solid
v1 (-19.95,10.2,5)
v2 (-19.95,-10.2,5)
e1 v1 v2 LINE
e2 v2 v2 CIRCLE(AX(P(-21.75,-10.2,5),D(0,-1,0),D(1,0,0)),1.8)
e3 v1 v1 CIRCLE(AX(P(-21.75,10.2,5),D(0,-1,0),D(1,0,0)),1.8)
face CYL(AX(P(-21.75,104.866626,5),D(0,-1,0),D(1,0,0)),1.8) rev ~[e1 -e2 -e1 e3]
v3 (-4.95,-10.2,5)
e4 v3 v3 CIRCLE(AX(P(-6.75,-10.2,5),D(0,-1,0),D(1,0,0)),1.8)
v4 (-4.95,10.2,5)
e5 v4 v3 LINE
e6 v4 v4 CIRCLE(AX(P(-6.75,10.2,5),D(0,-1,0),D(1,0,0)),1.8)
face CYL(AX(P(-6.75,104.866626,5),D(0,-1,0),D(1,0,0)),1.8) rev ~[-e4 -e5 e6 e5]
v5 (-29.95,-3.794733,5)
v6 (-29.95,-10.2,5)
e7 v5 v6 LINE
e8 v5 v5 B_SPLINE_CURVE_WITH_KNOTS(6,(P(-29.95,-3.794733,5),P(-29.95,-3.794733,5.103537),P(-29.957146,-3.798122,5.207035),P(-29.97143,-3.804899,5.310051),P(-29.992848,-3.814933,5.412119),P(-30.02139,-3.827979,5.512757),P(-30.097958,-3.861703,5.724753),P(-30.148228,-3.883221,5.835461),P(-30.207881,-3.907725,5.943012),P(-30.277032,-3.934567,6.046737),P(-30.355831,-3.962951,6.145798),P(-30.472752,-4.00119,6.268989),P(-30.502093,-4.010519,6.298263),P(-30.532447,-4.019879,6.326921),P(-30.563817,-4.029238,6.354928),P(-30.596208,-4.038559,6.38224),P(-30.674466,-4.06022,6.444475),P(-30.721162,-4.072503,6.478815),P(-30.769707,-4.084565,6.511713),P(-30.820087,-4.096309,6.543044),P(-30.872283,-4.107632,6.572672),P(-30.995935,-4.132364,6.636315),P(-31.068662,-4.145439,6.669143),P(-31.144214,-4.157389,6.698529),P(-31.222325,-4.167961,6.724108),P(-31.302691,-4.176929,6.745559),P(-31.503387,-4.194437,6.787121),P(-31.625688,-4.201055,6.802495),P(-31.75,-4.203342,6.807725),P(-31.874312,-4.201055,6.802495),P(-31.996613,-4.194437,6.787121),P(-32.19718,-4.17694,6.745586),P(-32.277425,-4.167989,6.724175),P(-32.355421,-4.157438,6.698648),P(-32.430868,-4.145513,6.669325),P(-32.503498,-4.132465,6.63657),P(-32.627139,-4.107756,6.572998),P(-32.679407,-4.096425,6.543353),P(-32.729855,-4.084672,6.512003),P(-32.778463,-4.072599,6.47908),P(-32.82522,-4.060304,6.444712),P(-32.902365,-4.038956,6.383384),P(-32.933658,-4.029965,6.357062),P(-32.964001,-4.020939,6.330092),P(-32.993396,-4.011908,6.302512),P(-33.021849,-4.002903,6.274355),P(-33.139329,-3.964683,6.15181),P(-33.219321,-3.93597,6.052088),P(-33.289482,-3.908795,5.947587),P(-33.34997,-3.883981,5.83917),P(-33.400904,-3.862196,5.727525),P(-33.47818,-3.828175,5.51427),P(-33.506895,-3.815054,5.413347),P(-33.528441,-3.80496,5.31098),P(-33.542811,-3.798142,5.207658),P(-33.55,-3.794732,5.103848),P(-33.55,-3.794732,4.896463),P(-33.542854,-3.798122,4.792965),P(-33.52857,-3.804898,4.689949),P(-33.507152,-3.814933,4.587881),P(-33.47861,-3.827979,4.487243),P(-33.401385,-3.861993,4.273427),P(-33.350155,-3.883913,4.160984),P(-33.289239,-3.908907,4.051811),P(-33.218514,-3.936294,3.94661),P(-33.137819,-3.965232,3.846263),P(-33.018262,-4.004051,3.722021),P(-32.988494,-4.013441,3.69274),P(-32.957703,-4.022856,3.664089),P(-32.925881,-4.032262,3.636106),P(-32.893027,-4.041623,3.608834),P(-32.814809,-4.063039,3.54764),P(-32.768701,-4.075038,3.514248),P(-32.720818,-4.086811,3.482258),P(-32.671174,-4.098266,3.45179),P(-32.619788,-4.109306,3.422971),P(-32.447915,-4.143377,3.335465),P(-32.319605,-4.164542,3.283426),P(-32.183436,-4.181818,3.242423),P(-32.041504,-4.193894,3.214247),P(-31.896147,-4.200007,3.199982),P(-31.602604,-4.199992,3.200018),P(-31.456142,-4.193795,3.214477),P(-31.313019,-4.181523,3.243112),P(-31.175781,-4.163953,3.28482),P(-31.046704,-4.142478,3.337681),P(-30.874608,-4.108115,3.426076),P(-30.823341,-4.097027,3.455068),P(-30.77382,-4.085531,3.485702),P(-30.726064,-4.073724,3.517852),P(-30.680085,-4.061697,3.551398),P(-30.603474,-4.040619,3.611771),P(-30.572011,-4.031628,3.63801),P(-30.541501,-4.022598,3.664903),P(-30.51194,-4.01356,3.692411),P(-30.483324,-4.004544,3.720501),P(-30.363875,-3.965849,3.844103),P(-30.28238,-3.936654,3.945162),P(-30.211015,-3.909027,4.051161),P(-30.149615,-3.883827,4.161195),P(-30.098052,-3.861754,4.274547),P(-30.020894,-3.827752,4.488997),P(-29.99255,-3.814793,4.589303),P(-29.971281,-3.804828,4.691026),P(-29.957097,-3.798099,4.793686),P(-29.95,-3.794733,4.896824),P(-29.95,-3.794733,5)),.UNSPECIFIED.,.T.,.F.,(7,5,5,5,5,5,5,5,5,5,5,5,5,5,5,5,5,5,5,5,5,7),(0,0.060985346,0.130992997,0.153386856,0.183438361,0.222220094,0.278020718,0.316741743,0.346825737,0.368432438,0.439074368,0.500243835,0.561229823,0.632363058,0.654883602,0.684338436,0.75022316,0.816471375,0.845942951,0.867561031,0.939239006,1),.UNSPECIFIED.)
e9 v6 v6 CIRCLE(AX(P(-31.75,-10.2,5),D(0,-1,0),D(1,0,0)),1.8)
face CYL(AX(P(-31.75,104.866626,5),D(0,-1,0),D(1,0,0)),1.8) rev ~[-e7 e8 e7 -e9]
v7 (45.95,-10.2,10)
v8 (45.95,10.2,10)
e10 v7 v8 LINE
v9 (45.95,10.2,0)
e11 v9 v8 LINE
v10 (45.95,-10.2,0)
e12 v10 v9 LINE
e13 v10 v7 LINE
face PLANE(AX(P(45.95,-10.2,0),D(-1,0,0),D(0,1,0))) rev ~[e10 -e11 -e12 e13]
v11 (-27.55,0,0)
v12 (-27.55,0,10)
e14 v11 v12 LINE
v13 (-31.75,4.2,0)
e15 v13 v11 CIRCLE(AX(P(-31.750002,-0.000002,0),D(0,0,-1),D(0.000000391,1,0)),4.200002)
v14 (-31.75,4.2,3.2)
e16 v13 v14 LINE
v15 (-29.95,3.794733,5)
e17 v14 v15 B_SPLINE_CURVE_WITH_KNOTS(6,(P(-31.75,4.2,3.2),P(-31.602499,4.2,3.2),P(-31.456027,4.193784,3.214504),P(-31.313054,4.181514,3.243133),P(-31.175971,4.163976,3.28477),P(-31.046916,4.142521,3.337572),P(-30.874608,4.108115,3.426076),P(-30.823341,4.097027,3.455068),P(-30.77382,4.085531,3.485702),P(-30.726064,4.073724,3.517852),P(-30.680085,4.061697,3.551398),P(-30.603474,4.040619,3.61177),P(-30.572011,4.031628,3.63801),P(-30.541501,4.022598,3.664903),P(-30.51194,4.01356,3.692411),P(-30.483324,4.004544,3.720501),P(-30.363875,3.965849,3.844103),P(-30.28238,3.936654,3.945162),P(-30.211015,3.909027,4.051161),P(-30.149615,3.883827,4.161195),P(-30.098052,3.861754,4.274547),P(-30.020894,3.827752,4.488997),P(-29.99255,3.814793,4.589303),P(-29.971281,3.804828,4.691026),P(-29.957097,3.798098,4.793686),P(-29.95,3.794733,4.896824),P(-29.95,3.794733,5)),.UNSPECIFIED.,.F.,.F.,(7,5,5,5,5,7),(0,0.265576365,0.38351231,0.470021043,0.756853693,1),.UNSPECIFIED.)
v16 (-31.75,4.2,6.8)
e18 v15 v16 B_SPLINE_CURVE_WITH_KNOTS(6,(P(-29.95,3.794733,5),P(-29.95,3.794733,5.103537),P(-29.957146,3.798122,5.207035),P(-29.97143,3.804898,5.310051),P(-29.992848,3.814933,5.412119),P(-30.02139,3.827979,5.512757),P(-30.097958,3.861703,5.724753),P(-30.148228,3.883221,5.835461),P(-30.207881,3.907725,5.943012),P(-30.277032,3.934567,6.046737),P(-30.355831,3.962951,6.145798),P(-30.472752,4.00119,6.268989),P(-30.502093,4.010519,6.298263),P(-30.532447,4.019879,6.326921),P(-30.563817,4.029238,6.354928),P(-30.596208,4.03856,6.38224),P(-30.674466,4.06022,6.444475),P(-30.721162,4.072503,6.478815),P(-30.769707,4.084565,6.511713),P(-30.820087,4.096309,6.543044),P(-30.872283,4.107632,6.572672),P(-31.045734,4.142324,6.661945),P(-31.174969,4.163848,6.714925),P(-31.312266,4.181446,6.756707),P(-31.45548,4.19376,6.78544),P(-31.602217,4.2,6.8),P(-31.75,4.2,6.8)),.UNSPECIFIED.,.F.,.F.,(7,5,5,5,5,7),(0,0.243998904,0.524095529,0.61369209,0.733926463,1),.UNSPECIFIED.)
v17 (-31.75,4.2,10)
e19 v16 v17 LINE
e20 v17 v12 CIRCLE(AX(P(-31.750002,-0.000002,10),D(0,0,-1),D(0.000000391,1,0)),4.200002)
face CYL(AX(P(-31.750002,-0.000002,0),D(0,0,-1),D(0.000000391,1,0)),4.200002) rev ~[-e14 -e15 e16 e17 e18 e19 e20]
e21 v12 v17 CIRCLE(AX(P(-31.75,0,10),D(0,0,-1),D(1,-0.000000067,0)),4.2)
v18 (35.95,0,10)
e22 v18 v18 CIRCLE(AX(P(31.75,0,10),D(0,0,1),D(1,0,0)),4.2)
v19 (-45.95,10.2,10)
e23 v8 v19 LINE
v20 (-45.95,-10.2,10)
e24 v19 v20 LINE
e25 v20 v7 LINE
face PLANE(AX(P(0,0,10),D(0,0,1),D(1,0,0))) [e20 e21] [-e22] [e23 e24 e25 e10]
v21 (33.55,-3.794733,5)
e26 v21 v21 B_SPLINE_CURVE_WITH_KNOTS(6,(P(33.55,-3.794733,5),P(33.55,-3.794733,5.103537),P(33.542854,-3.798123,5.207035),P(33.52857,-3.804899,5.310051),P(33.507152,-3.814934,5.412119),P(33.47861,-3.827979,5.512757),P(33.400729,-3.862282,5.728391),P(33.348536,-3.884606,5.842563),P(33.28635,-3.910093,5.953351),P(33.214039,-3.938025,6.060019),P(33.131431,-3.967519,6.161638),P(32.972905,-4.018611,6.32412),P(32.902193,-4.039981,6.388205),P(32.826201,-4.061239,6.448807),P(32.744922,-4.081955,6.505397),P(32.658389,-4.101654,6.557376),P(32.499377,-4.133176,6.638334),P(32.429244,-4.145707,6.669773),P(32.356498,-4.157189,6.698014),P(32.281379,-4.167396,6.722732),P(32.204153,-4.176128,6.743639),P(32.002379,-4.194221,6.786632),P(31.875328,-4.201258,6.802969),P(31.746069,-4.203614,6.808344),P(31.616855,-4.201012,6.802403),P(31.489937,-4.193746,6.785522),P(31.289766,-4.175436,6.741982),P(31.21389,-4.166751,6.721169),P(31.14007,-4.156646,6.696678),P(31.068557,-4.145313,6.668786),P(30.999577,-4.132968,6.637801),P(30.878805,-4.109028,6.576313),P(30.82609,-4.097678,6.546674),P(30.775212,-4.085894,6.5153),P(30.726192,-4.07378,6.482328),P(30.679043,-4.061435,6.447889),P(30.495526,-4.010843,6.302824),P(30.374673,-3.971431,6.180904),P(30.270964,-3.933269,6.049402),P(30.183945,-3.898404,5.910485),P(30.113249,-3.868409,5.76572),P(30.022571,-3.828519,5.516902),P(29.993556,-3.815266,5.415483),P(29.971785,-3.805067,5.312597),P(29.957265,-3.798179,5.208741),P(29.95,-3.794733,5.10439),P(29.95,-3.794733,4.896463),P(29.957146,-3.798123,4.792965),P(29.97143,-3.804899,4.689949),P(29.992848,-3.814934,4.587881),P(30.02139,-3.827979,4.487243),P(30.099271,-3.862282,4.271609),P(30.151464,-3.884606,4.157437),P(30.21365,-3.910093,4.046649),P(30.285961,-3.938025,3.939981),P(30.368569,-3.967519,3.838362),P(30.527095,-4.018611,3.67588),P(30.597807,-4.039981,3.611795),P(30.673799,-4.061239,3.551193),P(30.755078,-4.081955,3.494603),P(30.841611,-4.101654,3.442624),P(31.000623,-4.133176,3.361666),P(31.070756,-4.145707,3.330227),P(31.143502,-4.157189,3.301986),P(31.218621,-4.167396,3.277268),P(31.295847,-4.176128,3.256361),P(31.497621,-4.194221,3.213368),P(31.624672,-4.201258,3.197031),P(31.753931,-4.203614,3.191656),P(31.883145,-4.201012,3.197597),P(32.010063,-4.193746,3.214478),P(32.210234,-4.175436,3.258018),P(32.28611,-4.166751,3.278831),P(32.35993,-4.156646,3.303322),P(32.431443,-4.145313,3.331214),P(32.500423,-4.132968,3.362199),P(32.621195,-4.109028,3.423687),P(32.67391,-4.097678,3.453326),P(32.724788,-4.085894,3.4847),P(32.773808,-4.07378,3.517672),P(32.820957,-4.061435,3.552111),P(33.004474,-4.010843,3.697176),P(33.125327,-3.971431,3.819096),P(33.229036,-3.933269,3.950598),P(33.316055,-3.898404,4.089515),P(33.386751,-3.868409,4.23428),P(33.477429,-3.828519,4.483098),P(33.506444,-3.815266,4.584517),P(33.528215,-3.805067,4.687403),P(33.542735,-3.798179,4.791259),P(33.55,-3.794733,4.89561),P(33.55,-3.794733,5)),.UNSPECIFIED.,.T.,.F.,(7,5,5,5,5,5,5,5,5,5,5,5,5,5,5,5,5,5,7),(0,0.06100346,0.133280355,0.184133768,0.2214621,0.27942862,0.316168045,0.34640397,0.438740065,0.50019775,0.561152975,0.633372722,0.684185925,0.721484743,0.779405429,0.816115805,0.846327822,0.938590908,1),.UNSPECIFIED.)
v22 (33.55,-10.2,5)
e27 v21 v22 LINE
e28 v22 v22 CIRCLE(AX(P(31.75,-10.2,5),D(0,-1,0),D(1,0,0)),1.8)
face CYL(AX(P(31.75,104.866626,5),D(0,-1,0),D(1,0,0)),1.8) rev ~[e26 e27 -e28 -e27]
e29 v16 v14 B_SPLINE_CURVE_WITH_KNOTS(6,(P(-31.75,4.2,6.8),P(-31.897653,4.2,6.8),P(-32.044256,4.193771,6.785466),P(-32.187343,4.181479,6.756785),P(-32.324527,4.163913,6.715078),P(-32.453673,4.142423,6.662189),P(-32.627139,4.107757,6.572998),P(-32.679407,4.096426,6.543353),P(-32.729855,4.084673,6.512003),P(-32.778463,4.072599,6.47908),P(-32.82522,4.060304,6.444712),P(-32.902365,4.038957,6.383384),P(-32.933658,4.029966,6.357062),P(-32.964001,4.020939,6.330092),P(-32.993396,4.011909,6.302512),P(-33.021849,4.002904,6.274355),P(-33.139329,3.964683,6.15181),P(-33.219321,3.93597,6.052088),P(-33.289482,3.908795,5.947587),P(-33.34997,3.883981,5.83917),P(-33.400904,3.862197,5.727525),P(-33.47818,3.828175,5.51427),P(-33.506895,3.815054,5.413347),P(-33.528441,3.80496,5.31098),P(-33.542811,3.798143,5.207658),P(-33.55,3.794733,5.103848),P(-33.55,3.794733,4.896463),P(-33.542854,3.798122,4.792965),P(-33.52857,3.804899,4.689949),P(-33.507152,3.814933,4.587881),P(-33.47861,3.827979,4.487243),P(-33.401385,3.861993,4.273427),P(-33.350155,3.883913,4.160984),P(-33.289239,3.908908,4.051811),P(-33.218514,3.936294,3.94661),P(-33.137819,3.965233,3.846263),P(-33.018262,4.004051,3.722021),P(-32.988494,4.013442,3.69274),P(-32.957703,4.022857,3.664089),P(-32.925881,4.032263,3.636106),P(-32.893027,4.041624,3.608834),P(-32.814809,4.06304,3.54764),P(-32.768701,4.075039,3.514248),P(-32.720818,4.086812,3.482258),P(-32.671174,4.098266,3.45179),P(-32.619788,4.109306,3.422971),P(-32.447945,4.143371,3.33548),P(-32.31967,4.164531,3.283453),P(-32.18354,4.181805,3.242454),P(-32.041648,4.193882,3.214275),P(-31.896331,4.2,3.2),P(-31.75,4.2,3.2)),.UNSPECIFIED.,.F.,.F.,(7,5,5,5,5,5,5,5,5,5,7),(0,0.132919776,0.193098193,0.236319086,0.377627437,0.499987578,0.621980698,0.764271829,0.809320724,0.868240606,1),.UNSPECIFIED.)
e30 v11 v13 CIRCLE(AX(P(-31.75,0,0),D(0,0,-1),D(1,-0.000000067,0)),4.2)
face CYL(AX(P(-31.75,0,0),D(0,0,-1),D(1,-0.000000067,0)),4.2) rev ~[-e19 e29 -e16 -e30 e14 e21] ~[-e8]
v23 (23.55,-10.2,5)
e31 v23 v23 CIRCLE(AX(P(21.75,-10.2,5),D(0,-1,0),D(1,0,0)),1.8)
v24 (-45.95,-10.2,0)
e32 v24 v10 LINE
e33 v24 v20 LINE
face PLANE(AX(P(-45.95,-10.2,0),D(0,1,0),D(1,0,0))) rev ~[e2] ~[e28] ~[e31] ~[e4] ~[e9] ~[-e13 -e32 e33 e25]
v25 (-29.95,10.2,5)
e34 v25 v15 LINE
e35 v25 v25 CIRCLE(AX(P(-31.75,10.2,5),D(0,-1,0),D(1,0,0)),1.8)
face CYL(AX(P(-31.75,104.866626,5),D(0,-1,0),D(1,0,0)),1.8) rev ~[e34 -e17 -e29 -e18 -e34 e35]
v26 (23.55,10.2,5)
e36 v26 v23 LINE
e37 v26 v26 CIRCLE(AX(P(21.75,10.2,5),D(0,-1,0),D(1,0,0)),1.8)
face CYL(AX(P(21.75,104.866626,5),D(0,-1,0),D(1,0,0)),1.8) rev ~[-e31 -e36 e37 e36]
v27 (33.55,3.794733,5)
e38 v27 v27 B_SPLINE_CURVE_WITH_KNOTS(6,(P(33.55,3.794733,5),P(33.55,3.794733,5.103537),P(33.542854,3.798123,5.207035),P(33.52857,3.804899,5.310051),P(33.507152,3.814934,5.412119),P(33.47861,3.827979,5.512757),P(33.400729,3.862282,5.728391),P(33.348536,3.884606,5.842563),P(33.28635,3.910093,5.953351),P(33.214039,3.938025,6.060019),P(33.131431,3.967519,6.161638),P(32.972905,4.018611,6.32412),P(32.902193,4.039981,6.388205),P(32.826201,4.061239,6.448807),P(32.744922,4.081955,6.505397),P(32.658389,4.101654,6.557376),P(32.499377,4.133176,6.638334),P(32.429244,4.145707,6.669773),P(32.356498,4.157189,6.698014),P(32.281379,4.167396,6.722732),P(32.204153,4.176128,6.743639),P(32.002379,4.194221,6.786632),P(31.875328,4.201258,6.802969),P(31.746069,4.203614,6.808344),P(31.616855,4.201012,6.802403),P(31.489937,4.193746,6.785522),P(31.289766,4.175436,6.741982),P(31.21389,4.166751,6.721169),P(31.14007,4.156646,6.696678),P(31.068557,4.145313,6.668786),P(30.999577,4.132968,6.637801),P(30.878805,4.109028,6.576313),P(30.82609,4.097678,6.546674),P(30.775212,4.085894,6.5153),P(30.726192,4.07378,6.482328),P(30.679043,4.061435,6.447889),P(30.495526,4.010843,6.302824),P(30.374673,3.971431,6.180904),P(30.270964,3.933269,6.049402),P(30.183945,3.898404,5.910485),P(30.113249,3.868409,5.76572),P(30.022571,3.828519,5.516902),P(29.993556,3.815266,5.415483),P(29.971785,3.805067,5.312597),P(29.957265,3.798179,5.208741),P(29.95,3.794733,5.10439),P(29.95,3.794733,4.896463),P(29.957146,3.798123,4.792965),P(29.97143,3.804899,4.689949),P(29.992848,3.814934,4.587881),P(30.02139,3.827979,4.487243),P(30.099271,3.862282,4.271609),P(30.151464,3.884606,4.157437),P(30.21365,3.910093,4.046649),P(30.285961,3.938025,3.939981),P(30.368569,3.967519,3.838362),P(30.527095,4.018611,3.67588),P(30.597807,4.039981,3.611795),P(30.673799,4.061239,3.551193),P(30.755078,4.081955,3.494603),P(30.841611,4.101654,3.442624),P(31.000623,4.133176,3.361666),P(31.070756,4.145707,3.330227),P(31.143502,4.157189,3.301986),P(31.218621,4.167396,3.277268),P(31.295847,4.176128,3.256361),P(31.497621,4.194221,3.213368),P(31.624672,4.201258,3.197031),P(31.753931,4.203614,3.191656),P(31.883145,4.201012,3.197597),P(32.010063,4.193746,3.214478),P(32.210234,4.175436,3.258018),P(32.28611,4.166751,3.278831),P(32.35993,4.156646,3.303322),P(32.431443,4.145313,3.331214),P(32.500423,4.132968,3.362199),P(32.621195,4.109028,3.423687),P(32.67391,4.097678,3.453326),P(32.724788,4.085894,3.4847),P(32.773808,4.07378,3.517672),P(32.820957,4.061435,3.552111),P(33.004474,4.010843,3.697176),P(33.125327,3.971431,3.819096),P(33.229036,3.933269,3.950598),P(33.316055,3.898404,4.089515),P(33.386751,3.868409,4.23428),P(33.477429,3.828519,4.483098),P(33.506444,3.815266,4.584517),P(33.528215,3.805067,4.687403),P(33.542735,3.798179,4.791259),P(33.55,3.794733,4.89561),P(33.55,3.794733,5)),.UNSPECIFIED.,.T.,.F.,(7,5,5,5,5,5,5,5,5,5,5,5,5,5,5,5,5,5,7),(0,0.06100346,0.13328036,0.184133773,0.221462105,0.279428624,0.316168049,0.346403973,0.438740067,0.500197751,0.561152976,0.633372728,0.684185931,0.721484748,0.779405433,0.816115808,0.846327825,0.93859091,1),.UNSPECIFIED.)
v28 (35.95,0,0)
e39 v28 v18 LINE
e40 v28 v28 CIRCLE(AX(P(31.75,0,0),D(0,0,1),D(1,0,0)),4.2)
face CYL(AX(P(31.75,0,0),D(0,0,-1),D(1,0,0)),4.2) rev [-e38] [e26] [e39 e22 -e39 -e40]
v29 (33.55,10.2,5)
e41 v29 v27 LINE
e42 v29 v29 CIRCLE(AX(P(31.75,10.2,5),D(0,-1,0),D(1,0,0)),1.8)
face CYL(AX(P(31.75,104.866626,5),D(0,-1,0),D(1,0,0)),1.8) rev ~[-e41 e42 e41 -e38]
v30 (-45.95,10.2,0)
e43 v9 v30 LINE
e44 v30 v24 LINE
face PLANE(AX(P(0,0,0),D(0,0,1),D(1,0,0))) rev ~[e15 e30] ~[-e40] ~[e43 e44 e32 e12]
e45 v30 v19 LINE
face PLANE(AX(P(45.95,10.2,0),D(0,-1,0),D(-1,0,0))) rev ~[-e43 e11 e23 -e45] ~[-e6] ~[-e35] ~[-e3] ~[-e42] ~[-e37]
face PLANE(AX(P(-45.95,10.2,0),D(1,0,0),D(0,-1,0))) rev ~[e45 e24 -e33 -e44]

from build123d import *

# Parameters (mm, degrees)
F0_R     = 4.2
F1_DEPTH = 10
F3_D     = 3.6


with BuildPart() as f1:
    # F0 (on Top) → F1 (new body)
    with BuildSketch(Plane.XY):
        Polygon((-31.75, 10.2), (-45.95, 10.2), (-45.95, -10.2), (45.95, -10.2), (45.95, 10.2), align=None)
        with BuildLine():
            ThreePointArc((-27.55, 0), (-34.719848, -2.969848), (-31.75, 4.2))
            ThreePointArc((-31.75, 4.2), (-28.780152, 2.969848), (-27.55, 0))
        make_face(mode=Mode.SUBTRACT)
        with Locations((31.75, 0)):
            Circle(F0_R, mode=Mode.SUBTRACT)
    extrude(amount=F1_DEPTH)

    # F3 (through all)
    with Locations(Plane(origin=(0, 10.2, 0), x_dir=(-1, 0, 0), z_dir=(0, 1, 0))):
        with Locations((-31.75, 5), (-21.75, 5), (21.75, 5), (31.75, 5), (6.75, 5)):
            Hole(F3_D / 2)


solid = f1.part
